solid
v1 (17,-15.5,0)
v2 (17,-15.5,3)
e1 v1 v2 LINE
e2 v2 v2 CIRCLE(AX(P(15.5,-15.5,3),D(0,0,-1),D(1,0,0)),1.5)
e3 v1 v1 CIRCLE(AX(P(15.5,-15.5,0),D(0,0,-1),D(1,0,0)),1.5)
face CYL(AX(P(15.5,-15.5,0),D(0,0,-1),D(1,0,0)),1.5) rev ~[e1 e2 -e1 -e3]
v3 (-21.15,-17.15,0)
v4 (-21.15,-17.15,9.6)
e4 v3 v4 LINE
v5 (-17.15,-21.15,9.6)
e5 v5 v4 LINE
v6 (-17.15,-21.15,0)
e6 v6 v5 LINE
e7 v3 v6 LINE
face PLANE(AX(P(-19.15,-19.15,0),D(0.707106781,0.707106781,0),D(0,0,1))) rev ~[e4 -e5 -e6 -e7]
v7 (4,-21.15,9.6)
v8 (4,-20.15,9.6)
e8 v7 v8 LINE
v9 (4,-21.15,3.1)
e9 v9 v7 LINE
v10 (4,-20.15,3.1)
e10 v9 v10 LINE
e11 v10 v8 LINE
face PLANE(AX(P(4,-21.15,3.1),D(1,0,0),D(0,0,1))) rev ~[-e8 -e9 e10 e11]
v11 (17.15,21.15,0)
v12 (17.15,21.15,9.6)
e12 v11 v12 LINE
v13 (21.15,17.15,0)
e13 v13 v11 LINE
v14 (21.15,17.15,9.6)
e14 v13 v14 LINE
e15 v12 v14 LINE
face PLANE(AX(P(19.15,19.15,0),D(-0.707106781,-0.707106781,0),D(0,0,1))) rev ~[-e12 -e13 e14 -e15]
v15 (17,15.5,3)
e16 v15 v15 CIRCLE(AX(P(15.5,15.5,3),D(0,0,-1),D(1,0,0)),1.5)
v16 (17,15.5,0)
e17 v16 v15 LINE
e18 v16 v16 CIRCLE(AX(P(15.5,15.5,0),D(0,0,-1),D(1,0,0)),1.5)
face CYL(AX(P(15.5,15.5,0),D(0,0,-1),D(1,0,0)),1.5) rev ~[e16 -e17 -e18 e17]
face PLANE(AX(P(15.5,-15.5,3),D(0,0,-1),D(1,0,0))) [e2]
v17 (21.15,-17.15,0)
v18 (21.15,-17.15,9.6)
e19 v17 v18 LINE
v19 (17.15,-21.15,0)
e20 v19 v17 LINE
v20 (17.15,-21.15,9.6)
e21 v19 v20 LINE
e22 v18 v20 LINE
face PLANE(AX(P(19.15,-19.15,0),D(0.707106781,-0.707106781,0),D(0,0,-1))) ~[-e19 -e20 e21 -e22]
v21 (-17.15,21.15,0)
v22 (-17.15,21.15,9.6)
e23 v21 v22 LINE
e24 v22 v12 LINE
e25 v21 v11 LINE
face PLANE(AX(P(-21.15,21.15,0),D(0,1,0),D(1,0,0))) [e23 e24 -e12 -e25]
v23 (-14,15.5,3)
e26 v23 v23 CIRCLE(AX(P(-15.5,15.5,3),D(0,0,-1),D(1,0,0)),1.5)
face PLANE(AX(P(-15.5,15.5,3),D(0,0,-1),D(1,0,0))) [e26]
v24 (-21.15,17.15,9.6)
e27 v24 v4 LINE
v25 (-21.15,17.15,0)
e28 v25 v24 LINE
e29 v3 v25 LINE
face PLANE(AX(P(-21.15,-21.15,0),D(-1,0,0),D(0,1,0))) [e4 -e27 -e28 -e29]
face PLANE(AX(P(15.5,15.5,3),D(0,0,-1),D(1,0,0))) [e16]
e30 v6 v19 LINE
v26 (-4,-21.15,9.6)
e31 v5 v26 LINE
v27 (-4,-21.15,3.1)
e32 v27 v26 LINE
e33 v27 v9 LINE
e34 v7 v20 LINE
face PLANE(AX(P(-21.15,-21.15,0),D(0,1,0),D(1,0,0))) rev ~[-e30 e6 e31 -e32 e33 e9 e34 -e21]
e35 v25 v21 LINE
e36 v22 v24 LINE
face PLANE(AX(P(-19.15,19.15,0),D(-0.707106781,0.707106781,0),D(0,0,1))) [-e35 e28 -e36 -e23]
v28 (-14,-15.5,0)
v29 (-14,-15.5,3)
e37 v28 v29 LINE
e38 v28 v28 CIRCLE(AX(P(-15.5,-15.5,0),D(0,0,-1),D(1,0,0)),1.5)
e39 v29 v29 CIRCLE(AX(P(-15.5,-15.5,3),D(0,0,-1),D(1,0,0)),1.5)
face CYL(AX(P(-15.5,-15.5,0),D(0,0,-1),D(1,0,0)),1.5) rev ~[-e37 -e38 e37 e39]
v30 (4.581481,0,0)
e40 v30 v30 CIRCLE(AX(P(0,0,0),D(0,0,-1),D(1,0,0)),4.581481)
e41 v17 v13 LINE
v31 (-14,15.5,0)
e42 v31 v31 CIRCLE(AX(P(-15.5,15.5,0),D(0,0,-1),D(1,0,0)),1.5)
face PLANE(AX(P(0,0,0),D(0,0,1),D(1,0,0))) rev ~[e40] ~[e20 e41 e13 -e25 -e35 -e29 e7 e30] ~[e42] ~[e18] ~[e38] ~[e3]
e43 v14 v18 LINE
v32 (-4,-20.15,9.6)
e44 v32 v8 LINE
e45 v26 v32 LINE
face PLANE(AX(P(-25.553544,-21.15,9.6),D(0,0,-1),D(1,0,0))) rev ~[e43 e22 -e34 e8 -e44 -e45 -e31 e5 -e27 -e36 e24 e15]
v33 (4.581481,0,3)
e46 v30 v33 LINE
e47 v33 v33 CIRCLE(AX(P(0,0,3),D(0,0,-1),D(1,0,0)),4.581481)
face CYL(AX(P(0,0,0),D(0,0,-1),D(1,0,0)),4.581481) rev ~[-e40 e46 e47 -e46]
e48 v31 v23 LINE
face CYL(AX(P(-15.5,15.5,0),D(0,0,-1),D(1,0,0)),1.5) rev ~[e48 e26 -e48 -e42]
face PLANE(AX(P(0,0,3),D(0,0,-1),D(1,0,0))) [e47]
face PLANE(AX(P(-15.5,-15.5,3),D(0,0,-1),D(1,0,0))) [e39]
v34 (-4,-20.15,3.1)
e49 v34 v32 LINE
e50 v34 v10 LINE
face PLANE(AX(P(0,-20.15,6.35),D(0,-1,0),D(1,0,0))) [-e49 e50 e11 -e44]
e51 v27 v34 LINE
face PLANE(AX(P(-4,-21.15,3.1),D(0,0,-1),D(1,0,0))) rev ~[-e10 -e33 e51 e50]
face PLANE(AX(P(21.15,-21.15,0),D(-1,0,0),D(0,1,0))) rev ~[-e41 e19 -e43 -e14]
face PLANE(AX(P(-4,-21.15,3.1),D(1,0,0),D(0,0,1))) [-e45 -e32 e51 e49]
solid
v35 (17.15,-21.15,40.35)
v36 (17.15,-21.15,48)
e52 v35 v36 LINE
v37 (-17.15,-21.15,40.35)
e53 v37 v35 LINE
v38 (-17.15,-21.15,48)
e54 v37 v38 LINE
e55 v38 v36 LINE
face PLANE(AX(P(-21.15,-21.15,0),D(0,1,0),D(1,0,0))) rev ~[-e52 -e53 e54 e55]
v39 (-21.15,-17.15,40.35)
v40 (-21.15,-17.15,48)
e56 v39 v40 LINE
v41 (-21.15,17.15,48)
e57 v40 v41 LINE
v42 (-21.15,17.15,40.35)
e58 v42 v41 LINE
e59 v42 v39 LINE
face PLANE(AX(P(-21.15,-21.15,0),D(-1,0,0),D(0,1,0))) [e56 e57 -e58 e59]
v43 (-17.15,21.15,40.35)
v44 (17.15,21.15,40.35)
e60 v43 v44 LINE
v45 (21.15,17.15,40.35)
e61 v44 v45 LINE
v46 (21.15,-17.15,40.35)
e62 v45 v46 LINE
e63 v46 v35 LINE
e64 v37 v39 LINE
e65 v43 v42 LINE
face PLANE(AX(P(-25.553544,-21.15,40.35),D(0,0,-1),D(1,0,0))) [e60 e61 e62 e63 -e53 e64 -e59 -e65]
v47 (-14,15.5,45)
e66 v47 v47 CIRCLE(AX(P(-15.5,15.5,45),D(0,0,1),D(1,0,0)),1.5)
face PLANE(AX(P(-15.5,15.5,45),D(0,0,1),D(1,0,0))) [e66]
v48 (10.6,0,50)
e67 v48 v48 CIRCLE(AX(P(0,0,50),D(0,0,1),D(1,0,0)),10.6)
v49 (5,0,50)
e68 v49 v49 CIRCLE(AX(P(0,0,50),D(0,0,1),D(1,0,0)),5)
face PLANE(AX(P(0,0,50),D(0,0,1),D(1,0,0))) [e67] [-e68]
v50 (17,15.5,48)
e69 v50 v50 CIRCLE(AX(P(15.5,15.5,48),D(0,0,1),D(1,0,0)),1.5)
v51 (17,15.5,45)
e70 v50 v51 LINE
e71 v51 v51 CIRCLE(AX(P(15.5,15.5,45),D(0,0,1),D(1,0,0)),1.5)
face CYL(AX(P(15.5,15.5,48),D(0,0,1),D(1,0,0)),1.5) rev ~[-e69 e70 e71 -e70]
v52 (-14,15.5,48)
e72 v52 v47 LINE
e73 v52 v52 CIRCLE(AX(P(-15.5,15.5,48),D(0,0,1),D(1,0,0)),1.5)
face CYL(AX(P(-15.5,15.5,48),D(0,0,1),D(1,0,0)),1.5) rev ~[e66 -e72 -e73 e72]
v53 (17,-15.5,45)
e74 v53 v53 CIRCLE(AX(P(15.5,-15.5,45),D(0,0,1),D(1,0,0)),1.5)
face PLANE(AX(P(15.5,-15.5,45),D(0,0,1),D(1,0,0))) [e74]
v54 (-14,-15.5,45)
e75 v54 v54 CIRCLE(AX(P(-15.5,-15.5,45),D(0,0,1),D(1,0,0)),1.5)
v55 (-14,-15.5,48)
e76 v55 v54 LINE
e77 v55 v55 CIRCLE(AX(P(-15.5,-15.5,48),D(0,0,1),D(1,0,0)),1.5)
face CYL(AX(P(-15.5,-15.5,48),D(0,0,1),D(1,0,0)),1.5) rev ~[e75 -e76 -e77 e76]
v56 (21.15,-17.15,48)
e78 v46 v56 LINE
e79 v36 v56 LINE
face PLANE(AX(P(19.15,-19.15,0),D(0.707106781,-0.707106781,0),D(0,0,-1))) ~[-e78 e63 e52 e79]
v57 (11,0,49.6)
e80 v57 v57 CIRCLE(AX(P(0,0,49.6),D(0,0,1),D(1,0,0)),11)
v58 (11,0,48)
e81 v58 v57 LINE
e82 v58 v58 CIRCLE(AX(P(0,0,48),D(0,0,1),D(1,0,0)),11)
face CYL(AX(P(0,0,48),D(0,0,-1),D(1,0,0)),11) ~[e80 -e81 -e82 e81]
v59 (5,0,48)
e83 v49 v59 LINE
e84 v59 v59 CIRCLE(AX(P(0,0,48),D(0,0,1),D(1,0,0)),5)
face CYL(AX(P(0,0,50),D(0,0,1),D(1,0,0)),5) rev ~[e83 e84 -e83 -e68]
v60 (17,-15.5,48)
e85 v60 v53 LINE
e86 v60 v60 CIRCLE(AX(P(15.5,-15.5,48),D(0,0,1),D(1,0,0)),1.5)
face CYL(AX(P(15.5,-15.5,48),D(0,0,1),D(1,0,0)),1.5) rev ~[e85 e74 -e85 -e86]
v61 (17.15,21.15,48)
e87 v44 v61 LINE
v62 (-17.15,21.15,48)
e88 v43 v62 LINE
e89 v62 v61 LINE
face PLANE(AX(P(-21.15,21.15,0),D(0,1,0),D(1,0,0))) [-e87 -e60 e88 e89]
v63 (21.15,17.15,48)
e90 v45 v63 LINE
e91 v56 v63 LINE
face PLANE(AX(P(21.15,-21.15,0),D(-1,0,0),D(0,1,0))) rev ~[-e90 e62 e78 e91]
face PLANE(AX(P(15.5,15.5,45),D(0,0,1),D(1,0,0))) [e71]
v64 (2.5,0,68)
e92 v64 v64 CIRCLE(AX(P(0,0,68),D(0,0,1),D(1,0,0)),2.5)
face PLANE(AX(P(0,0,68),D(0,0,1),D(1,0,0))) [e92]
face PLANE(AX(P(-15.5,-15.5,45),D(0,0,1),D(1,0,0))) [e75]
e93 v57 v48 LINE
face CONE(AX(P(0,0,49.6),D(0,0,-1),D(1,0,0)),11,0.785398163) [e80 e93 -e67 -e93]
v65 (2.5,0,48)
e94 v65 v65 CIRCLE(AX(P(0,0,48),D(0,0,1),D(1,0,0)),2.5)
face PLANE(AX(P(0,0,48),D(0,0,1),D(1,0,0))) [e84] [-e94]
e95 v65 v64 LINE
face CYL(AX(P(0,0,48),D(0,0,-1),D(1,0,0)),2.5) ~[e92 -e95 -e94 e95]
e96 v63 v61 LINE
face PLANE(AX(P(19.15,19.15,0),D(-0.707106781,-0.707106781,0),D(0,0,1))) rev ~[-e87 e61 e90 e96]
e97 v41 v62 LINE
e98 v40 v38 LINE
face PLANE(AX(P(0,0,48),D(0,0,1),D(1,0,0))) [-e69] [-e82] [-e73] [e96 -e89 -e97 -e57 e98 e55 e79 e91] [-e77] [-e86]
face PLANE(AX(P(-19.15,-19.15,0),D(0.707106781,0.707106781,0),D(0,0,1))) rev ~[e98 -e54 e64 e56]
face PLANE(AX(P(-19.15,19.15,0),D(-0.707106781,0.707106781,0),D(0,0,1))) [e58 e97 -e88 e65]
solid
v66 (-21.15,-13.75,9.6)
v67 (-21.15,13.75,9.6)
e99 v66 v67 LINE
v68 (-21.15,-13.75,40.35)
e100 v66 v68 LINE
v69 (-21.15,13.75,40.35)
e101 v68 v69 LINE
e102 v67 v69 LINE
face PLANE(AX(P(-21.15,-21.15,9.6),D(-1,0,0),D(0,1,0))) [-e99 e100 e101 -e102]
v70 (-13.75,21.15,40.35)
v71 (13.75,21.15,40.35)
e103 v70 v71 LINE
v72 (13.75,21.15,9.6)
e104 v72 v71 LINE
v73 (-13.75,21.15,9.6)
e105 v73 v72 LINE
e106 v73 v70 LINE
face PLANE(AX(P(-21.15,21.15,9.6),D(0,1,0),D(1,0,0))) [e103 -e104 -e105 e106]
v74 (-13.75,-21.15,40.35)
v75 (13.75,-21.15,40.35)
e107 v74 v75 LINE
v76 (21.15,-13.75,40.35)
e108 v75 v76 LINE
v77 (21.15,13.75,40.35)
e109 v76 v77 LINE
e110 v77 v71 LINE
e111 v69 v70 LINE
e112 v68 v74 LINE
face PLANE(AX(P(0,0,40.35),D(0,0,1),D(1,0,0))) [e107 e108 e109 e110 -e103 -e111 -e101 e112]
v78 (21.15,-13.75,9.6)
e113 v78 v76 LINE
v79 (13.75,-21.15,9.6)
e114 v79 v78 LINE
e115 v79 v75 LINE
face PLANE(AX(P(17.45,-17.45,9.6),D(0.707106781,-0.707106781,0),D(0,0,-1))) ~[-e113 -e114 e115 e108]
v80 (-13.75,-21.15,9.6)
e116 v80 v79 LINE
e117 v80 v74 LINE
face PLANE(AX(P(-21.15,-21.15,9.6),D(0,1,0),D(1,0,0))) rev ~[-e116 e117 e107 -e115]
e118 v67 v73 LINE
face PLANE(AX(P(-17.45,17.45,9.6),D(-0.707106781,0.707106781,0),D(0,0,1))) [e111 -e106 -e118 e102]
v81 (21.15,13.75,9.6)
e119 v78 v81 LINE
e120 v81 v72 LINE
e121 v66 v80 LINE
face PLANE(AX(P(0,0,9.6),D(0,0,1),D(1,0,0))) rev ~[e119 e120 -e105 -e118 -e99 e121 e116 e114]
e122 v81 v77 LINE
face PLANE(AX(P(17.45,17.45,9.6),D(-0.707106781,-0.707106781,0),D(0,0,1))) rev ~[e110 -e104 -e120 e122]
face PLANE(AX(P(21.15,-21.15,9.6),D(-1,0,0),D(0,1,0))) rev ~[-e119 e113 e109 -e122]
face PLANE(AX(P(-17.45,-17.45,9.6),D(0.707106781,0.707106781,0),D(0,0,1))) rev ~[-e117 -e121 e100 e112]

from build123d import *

# Parameters (mm, degrees)
SKETCH_W        = 42.3
SKETCH_H        = 42.3
PAD_DEPTH       = 48
CHAMFER_SIZE    = 4
SKETCH001_R     = 11
PAD001_DEPTH    = 2
CHAMFER001_SIZE = 0.4
SKETCH002_R     = 5
POCKET_DEPTH    = 2
SKETCH003_R     = 2.5
PAD002_DEPTH    = 20
SKETCH004_R     = 1.5
POCKET001_DEPTH = 3
SKETCH005_R     = 1.5
SKETCH005_R_2   = 4.581481
POCKET002_DEPTH = 3
SKETCH006_W     = 8
SKETCH006_H     = 6.5
POCKET003_DEPTH = 1
SKETCH007_W     = 51.107088
SKETCH007_H     = 30.75
POCKET004_DEPTH = 42.3
BOX_W           = 42.3
BOX_H           = 42.3
BOX_DEPTH       = 30.75
CHAMFER002_SIZE = 7.4


with BuildPart() as pocket004:
    # Sketch → Pad (new body)
    with BuildSketch(Plane.XY):
        Rectangle(SKETCH_W, SKETCH_H)
    extrude(amount=PAD_DEPTH)

    # Chamfer
    chamfer_edges = [pocket004.edges().sort_by_distance(p)[0] for p in [
        (21.15, -21.15, 24),
        (21.15, 21.15, 24),
        (-21.15, 21.15, 24),
        (-21.15, -21.15, 24),
    ]]
    chamfer(chamfer_edges, length=CHAMFER_SIZE)

    # Sketch001 → Pad001 (new body)
    with BuildSketch(Plane.XY.offset(48)):
        Circle(SKETCH001_R)
    extrude(amount=PAD001_DEPTH)

    # Chamfer001
    chamfer001_edges = [pocket004.edges().sort_by_distance(p)[0] for p in [
        (-11, 0, 50),
    ]]
    chamfer(chamfer001_edges, length=CHAMFER001_SIZE)

    # Sketch002 → Pocket (cut)
    with BuildSketch(Plane.XY.offset(50)):
        Circle(SKETCH002_R)
    extrude(amount=-POCKET_DEPTH, mode=Mode.SUBTRACT)

    # Sketch003 → Pad002 (new body)
    with BuildSketch(Plane.XY.offset(48)):
        Circle(SKETCH003_R)
    extrude(amount=PAD002_DEPTH)

    # Sketch004 → Pocket001 (cut)
    with BuildSketch(Plane.XY.offset(48)):
        with Locations((-15.5, 15.5)):
            Circle(SKETCH004_R)
        with Locations((15.5, 15.5)):
            Circle(SKETCH004_R)
        with Locations((-15.5, -15.5)):
            Circle(SKETCH004_R)
        with Locations((15.5, -15.5)):
            Circle(SKETCH004_R)
    extrude(amount=-POCKET001_DEPTH, mode=Mode.SUBTRACT)

    # Sketch005 → Pocket002 (cut)
    with BuildSketch(Plane(origin=(0, 0, 0), x_dir=(1, 0, 0), z_dir=(0, 0, -1))):
        with Locations((-15.5, 15.5)):
            Circle(SKETCH005_R)
        with Locations((15.5, 15.5)):
            Circle(SKETCH005_R)
        with Locations((-15.5, -15.5)):
            Circle(SKETCH005_R)
        with Locations((15.5, -15.5)):
            Circle(SKETCH005_R)
        Circle(SKETCH005_R_2)
    extrude(amount=-POCKET002_DEPTH, mode=Mode.SUBTRACT)

    # Sketch006 → Pocket003 (cut)
    with BuildSketch(Plane.XZ.offset(21.15)):
        with Locations((0, 6.35)):
            Rectangle(SKETCH006_W, SKETCH006_H)
    extrude(amount=-POCKET003_DEPTH, mode=Mode.SUBTRACT)

    # Sketch007 → Pocket004 (cut)
    with BuildSketch(Plane.XZ.offset(21.15)):
        with Locations((0, 24.975)):
            Rectangle(SKETCH007_W, SKETCH007_H)
    extrude(amount=-POCKET004_DEPTH, mode=Mode.SUBTRACT)


with BuildPart() as chamfer002:
    # Box → Box (new body)
    with BuildSketch(Plane(origin=(-21.15, -21.15, 9.6), x_dir=(1, 0, 0), z_dir=(0, 0, 1))):
        with Locations((21.15, 21.15)):
            Rectangle(BOX_W, BOX_H)
    extrude(amount=BOX_DEPTH)

    # Chamfer002
    chamfer002_edges = [chamfer002.edges().sort_by_distance(p)[0] for p in [
        (-21.15, -21.15, 24.975),
        (-21.15, 21.15, 24.975),
        (21.15, -21.15, 24.975),
        (21.15, 21.15, 24.975),
    ]]
    chamfer(chamfer002_edges, length=CHAMFER002_SIZE)


solid = Compound([pocket004.part, chamfer002.part])
